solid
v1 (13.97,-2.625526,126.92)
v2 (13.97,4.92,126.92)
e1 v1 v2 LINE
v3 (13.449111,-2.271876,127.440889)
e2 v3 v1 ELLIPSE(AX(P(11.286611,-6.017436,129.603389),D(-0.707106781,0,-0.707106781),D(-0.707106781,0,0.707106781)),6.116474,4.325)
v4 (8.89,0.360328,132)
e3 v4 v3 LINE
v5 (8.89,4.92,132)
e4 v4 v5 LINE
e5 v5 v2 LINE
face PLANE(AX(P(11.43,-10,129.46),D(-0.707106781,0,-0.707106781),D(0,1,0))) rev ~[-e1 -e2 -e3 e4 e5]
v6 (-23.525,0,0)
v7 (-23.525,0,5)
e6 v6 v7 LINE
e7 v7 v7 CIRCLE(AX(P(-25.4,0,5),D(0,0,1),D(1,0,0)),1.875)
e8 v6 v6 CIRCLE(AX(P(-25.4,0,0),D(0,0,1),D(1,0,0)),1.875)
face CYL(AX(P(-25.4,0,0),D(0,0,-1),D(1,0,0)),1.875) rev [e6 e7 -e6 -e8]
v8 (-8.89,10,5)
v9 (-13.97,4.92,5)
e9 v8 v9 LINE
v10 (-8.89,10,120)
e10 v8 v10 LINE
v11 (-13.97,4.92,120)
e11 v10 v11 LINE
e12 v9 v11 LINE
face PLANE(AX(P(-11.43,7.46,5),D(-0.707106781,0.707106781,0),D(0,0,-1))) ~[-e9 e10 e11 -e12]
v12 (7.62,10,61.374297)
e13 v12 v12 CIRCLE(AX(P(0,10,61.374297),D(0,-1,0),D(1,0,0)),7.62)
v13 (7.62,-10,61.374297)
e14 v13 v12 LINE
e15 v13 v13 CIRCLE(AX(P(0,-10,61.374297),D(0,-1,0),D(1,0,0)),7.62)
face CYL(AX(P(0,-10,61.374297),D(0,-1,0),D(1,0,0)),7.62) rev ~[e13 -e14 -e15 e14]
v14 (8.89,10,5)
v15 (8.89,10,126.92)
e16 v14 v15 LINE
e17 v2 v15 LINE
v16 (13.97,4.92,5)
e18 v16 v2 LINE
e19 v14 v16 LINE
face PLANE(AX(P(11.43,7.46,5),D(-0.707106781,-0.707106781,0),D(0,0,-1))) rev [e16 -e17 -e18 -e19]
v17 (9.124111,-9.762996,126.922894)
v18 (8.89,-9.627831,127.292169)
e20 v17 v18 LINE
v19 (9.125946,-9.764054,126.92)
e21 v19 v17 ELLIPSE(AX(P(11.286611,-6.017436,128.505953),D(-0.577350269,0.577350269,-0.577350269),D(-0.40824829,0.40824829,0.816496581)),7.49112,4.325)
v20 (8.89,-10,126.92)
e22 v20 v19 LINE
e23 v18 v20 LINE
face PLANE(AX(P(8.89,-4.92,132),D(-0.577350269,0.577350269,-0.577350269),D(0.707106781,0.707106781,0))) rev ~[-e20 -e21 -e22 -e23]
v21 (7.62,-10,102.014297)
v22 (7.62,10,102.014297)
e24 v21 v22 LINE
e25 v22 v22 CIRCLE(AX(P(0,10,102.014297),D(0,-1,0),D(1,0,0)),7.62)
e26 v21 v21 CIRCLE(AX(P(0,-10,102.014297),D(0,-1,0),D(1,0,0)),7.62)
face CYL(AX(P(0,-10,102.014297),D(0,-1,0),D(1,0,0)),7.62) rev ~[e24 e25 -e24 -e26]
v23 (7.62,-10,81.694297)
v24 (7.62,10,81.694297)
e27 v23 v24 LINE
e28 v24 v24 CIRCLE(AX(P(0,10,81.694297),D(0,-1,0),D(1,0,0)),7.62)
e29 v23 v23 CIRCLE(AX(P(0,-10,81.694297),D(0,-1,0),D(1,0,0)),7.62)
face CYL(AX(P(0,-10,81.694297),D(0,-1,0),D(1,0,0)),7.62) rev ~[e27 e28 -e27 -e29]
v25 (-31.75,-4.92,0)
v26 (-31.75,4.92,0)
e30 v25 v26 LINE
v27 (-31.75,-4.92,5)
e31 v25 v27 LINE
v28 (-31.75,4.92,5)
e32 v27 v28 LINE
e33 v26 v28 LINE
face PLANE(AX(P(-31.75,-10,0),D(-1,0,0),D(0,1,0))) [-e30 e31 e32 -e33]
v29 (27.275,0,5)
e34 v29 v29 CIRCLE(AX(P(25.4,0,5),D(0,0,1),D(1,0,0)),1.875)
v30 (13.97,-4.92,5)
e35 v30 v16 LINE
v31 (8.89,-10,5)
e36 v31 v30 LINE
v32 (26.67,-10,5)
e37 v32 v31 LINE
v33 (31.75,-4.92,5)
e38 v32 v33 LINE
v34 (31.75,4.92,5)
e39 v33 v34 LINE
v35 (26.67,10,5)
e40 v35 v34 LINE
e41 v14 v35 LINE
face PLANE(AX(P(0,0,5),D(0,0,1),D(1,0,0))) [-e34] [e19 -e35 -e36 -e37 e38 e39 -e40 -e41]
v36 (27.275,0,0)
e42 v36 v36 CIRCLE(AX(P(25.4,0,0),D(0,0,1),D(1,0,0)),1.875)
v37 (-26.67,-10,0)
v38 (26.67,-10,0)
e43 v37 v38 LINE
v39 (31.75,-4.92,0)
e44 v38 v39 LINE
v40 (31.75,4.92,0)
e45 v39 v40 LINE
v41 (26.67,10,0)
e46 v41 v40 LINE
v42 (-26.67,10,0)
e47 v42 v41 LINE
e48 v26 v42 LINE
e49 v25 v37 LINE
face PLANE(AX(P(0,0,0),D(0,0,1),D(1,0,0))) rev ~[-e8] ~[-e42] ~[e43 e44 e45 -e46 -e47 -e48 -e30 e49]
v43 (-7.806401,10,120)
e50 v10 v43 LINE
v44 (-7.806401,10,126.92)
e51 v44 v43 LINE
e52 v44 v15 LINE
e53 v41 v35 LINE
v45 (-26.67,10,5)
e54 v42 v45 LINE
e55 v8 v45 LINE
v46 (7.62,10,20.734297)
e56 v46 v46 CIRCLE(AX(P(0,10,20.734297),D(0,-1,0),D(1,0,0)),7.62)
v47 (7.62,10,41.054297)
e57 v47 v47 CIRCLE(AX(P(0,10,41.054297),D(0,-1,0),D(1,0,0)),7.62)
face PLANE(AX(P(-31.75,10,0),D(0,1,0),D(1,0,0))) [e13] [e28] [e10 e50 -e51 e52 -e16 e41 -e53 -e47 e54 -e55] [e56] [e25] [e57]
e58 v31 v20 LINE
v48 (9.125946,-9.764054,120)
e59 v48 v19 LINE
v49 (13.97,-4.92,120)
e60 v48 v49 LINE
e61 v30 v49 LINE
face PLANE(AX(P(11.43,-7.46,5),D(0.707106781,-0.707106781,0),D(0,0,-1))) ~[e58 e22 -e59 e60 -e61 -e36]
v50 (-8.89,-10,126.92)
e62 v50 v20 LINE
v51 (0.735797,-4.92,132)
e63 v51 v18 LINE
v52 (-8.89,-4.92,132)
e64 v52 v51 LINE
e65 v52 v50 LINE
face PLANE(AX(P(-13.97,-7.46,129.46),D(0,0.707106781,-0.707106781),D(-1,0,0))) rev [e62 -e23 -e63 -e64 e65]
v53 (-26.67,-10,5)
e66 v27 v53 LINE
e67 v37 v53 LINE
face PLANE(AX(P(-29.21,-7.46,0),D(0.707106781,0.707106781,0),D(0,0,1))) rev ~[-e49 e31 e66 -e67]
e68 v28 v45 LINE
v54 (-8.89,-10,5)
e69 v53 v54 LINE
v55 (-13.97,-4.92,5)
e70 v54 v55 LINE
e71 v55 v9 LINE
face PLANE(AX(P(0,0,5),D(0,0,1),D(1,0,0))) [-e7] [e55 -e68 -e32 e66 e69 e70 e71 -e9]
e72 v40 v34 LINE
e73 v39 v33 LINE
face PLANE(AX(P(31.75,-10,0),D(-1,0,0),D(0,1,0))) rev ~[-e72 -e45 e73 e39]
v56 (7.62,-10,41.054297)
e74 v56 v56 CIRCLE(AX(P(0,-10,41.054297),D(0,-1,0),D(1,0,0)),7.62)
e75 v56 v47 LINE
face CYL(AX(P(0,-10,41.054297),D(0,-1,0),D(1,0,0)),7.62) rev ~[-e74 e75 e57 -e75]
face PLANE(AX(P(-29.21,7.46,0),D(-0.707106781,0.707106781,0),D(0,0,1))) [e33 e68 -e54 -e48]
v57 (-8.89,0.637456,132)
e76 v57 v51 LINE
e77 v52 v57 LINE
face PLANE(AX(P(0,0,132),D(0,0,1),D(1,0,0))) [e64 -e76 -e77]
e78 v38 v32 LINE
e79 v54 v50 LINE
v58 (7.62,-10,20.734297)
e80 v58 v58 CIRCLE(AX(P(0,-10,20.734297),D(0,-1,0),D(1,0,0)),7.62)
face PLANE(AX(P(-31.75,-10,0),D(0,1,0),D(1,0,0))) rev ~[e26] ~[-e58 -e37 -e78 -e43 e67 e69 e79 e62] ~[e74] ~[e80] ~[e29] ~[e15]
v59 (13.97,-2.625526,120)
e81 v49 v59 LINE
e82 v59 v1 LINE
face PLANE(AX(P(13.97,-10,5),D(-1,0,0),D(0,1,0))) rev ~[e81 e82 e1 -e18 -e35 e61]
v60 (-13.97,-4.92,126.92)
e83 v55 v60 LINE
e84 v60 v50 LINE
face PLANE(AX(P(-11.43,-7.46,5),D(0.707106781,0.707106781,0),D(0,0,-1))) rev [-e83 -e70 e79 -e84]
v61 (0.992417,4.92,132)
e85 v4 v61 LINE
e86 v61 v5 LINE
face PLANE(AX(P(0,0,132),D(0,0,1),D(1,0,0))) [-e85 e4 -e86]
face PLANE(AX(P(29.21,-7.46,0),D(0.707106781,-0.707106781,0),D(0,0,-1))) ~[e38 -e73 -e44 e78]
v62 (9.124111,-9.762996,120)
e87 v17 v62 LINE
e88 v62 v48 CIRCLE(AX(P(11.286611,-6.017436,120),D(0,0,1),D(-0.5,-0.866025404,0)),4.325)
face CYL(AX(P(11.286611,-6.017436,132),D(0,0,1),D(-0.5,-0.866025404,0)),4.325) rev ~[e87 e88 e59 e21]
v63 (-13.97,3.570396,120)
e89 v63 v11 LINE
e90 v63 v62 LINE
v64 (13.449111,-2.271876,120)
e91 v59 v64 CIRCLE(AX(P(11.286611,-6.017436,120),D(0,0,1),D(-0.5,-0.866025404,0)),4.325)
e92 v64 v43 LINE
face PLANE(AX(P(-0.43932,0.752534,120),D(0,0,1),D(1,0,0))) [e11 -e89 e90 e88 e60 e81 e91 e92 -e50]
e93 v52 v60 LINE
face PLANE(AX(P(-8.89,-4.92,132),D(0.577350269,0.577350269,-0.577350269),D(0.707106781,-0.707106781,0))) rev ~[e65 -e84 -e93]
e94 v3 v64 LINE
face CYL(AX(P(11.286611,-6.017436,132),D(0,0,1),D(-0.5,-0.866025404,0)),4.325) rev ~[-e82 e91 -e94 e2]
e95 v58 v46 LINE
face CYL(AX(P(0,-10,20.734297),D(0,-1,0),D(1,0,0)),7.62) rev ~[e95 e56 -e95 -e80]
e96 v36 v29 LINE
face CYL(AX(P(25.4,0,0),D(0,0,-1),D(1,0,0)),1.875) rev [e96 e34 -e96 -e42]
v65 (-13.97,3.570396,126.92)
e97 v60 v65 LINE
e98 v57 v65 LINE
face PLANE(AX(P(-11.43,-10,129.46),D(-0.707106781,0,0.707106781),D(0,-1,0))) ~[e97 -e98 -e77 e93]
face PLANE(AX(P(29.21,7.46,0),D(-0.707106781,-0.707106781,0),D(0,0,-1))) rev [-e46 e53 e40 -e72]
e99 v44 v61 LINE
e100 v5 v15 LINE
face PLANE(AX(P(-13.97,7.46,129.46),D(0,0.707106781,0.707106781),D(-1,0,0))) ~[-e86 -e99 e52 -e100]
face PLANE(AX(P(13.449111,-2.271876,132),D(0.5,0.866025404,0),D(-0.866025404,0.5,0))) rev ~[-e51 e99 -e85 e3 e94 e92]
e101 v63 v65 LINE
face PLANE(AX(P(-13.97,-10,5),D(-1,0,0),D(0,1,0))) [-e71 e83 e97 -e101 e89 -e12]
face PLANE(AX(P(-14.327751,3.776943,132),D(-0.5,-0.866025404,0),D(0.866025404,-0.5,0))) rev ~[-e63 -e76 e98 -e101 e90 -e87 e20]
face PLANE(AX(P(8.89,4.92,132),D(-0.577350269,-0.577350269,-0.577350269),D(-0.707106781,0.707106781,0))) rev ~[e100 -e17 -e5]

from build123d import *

# Parameters (mm, degrees)
F0_W     = 63.5
F0_H     = 20
F0_R     = 1.875
F1_DEPTH = 5
F2_W     = 27.94
F2_H     = 20
F3_DEPTH = 127
F4_R     = 7.62
F5_DEPTH = 25.4
F6_SIZE  = 5.08
F8_DEPTH = 12


with BuildPart() as f1:
    # F0 (on Top) → F1 (new body)
    with BuildSketch(Plane.XY):
        Rectangle(F0_W, F0_H)
        with Locations((-25.4, 0)):
            Circle(F0_R, mode=Mode.SUBTRACT)
        with Locations((25.4, 0)):
            Circle(F0_R, mode=Mode.SUBTRACT)
    extrude(amount=F1_DEPTH)

    # F2 (on face) → F3 (join)
    with BuildSketch(Plane.XY.offset(5)):
        Rectangle(F2_W, F2_H)
    extrude(amount=F3_DEPTH)

    # F4 (on face) → F5 (cut)
    with BuildSketch(Plane.XZ.offset(10)):
        with Locations((0, 102.0142971116)):
            Circle(F4_R)
        with Locations((0, 81.6942971116)):
            Circle(F4_R)
        with Locations((0, 61.3742971116)):
            Circle(F4_R)
        with Locations((0, 41.0542971116)):
            Circle(F4_R)
        with Locations((0, 20.7342971116)):
            Circle(F4_R)
    extrude(amount=-F5_DEPTH, mode=Mode.SUBTRACT)

    # F6
    f6_edges = [f1.edges().sort_by_distance(p)[0] for p in [
        (-13.97, -10, 68.5),
        (13.97, -10, 68.5),
        (13.97, 10, 68.5),
        (-13.97, 10, 68.5),
        (-13.97, 0, 132),
        (0, -10, 132),
        (13.97, 0, 132),
        (0, 10, 132),
        (-31.75, -10, 2.5),
        (31.75, 10, 2.5),
        (31.75, -10, 2.5),
        (-31.75, 10, 2.5),
    ]]
    chamfer(f6_edges, length=F6_SIZE)

    # F7 (on face) → F8 (cut)
    with BuildSketch(Plane.XY.offset(132)):
        with BuildLine():
            ThreePointArc((9.1241109486, -9.7629955106), (15.03217082, -8.1799356392), (13.4491109486, -2.2718757679))
            Line((13.4491109486, -2.2718757679), (-10.0027512471, 11.2680631838))
            ThreePointArc((-10.0027512471, 11.2680631838), (-15.9108111184, 9.6850033125), (-14.3277512471, 3.7769434411))
            Line((-14.3277512471, 3.7769434411), (9.1241109486, -9.7629955106))
        make_face()
    extrude(amount=-F8_DEPTH, mode=Mode.SUBTRACT)


solid = f1.part
